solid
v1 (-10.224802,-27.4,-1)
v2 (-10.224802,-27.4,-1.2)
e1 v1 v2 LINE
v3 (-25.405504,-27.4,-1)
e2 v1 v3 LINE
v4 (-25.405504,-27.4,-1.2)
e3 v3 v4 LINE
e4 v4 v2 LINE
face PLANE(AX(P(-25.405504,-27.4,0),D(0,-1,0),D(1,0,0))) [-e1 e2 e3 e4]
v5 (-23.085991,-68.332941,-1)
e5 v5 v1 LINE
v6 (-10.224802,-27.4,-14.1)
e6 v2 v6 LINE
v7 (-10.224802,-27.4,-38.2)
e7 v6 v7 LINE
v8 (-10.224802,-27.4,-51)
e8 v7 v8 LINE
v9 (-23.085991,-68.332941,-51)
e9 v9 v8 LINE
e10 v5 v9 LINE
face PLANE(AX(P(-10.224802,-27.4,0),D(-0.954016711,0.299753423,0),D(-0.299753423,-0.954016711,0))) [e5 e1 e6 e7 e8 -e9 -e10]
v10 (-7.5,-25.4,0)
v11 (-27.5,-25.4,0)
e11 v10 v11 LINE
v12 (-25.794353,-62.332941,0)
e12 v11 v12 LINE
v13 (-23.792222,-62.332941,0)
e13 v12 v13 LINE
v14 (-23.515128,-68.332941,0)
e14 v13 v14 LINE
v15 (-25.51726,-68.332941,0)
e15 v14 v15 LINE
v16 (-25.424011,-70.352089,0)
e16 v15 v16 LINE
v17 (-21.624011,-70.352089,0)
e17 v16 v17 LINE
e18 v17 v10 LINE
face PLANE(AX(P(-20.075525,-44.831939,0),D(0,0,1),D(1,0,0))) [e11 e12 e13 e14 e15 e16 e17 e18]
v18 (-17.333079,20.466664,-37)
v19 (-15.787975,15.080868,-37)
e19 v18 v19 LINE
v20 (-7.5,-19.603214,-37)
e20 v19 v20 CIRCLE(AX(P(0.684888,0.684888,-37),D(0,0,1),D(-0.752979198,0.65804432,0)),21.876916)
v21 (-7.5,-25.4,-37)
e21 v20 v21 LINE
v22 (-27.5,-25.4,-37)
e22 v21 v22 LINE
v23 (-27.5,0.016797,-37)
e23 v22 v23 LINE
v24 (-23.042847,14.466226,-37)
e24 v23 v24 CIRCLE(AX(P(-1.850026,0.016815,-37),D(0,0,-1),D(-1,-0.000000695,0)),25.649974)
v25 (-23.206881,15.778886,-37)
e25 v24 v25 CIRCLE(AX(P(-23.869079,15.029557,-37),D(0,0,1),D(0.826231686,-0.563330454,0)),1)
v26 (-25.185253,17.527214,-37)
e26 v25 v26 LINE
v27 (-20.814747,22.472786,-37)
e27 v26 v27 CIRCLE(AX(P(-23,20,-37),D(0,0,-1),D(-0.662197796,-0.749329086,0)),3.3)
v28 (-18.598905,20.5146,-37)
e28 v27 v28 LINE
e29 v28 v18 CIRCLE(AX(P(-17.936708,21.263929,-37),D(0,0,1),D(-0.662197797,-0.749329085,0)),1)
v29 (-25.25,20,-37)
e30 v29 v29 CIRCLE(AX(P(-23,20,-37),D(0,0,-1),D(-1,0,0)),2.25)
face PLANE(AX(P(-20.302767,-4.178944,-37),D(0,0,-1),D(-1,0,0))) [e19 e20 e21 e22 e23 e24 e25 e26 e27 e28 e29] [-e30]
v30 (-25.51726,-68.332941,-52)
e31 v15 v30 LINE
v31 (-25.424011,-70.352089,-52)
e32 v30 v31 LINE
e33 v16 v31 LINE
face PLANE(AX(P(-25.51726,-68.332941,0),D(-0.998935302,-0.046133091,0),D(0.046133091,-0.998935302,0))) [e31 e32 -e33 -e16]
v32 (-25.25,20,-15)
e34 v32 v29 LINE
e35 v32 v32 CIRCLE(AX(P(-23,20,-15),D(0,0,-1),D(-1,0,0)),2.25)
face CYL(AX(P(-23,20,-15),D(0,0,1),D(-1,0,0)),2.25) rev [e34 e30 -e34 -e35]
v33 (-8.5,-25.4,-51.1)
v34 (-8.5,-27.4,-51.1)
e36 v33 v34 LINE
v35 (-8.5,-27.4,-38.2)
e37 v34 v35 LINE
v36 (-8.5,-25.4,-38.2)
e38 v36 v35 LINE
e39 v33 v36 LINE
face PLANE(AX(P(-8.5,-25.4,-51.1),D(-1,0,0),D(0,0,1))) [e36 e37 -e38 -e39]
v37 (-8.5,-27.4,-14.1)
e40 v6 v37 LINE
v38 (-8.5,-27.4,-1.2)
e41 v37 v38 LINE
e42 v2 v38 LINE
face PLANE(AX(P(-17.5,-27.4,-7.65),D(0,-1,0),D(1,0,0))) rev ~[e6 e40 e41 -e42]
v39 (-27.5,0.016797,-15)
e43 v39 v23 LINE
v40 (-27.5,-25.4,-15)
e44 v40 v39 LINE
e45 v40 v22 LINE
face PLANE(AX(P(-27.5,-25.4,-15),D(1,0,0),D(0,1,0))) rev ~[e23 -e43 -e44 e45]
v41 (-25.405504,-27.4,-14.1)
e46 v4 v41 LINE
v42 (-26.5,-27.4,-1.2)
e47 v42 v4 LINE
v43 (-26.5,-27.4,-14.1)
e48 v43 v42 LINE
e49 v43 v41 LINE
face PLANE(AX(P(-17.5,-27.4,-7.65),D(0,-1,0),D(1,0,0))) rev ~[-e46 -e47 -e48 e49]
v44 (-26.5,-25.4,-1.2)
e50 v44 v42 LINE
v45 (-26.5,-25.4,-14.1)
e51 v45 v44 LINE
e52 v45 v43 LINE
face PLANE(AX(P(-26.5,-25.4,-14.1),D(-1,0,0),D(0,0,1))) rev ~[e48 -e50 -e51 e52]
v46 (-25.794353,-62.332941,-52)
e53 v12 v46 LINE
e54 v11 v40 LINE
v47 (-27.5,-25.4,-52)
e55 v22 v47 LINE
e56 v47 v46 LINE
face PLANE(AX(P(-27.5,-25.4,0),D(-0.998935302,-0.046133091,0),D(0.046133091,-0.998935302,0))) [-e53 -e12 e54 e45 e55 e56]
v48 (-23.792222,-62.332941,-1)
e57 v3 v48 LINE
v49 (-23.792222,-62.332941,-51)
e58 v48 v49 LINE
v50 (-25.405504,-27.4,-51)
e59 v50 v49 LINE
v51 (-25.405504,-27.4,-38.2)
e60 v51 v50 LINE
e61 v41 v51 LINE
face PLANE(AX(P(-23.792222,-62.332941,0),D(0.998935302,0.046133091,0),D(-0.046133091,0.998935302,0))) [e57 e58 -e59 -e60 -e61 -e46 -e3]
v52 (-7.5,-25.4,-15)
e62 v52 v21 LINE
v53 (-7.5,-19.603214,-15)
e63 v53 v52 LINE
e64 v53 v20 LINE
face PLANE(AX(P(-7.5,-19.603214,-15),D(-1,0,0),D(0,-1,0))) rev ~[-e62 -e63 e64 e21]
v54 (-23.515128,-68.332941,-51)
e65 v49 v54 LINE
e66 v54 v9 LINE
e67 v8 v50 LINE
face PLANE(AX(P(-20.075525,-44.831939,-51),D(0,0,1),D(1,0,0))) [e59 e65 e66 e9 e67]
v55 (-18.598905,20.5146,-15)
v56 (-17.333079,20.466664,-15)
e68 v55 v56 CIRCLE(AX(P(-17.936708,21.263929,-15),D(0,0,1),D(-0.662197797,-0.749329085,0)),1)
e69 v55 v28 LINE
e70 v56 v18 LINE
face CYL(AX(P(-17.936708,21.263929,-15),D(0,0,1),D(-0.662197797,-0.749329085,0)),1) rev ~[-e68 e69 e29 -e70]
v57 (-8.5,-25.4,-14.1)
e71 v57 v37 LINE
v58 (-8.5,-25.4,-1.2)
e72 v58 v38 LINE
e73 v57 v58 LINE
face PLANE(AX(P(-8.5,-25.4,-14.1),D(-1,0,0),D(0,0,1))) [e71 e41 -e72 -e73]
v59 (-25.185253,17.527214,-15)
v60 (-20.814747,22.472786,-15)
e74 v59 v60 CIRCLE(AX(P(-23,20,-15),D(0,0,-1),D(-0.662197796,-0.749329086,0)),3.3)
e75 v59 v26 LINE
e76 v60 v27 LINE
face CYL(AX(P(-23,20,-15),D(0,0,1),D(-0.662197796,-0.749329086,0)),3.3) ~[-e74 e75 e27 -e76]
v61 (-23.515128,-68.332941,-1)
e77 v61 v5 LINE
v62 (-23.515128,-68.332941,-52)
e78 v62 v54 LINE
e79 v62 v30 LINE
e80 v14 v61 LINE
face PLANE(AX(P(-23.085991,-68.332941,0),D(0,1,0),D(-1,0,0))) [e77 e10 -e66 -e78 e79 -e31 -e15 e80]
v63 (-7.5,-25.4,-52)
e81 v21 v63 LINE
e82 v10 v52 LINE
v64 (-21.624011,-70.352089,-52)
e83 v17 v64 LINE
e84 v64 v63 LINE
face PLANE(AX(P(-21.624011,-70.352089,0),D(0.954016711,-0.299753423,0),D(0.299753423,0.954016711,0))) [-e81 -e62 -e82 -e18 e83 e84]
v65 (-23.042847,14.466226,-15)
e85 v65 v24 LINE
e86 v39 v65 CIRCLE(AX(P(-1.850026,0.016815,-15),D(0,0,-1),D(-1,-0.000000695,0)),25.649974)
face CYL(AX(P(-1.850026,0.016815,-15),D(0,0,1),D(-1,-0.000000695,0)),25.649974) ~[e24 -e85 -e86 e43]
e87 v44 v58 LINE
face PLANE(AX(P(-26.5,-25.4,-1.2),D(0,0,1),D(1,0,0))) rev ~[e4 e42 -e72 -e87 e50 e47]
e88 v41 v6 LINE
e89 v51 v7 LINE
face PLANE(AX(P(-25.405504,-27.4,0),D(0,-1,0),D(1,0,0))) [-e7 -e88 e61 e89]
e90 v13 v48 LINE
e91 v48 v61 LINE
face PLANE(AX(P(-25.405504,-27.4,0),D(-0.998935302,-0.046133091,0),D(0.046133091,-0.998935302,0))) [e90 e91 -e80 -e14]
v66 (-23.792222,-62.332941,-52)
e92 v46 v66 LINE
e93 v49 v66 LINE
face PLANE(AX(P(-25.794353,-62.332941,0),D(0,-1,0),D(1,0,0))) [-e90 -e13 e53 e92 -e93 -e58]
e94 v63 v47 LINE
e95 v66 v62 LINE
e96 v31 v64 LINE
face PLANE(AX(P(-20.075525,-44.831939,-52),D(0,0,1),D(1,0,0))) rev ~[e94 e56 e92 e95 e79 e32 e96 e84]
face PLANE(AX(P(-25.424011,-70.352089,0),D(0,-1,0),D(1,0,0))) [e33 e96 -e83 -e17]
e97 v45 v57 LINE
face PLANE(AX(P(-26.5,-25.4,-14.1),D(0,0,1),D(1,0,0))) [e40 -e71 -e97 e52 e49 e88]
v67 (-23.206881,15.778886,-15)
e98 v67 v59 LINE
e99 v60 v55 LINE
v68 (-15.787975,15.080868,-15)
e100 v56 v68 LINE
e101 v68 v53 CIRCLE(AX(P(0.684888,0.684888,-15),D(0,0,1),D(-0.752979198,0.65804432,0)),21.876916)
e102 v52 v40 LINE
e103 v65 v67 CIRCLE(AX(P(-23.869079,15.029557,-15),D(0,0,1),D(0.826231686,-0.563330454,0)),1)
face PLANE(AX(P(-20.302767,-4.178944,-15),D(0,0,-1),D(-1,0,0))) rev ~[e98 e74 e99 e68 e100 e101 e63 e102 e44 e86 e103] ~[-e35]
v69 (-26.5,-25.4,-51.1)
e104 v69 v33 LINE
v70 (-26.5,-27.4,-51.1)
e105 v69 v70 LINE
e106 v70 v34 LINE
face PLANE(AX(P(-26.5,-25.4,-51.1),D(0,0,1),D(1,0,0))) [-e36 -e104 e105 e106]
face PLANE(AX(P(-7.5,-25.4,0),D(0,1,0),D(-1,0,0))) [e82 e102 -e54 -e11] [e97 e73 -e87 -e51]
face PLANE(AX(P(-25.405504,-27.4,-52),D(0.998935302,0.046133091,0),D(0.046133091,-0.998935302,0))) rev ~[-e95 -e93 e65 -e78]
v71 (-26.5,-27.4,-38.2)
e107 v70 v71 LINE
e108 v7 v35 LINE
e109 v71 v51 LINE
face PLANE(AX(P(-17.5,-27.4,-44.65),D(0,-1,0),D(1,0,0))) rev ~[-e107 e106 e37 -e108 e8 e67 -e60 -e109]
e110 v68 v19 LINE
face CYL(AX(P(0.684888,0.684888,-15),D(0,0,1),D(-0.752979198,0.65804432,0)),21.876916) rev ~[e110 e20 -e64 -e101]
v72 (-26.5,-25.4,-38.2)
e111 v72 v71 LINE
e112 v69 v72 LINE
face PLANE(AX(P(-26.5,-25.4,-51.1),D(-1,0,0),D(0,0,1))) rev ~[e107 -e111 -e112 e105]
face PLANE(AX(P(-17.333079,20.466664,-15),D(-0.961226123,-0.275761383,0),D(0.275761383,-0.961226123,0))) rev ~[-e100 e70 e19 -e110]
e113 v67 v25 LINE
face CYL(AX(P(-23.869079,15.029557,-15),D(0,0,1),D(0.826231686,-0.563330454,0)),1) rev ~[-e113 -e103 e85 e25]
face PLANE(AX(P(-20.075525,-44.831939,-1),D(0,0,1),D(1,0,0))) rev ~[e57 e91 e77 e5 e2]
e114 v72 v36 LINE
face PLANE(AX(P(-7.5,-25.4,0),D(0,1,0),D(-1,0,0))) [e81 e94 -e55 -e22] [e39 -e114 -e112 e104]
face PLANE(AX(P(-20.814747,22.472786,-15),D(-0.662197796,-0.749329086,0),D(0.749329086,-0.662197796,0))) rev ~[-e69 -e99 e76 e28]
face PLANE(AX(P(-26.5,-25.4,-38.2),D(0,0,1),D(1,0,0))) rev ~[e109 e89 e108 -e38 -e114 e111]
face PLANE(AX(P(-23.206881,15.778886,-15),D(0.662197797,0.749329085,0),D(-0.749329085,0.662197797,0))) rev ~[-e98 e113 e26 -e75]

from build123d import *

# Parameters (mm, degrees)
BOSS_EXTRUDE1_DEPTH = 52
BOSS_EXTRUDE2_DEPTH = 1
BOSS_EXTRUDE3_START = -52
BOSS_EXTRUDE3_DEPTH = 1
SKETCH4_W           = 18.000000053
SKETCH4_H           = 12.9
SKETCH4_W_2         = 18
CUT_EXTRUDE1_DEPTH  = 2
SKETCH5_R           = 3.3
SKETCH5_R_2         = 2.25
BOSS_EXTRUDE4_DEPTH = 22


with BuildPart() as part:
    # Sketch2 → Boss-Extrude1 (new body)
    with BuildSketch(Plane.XY):
        Polygon((-21.624010924, -70.352088598), (-7.5, -25.4), (-27.5, -25.4), (-25.794353309, -62.332940574), (-23.792221644, -62.332940574), (-25.405503813, -27.4), (-10.224802214, -27.4), (-23.085991045, -68.332940574), (-23.515128079, -68.332940574), (-25.517259745, -68.332940574), (-25.424010924, -70.352088598), align=None)
    extrude(amount=-BOSS_EXTRUDE1_DEPTH)

    # Sketch2<3> → Boss-Extrude2 (add)
    with BuildSketch(Plane.XY):
        Polygon((-23.515128079, -68.332940574), (-23.085991045, -68.332940574), (-10.224802214, -27.4), (-25.405503813, -27.4), align=None)
    extrude(amount=-BOSS_EXTRUDE2_DEPTH)

    # Sketch2<4> → Boss-Extrude3 (add)
    with BuildSketch(Plane.XY.offset(BOSS_EXTRUDE3_START)):
        Polygon((-23.515128079, -68.332940574), (-23.085991045, -68.332940574), (-10.224802214, -27.4), (-25.405503813, -27.4), align=None)
    extrude(amount=BOSS_EXTRUDE3_DEPTH)

    # Sketch4 → Cut-Extrude1 (cut)
    with BuildSketch(Plane.XZ.offset(25.4)):
        with Locations((-17.500000027, -7.65)):
            Rectangle(SKETCH4_W, SKETCH4_H)
        with Locations((-17.5, -44.65)):
            Rectangle(SKETCH4_W_2, SKETCH4_H)
    extrude(amount=CUT_EXTRUDE1_DEPTH, mode=Mode.SUBTRACT)

    # Sketch5 → Boss-Extrude4 (add)
    with BuildSketch(Plane(origin=(0, 0, -15), x_dir=(-1, 0, 0), z_dir=(0, 0, -1))):
        with BuildLine():
            Line((7.5, -22.955849111), (7.5, -25.4))
            Line((7.5, -25.4), (27.5, -25.4))
            Line((27.5, -25.4), (27.5, 0.016796875))
            ThreePointArc((27.5, 0.016796875), (26.360398691, 7.577422908), (23.04284729, 14.466226133))
            ThreePointArc((23.04284729, 14.466226133), (22.876796583, 15.153555184), (23.20688118, 15.778885673))
            Line((23.20688118, 15.778885673), (25.185252728, 17.527214018))
            ThreePointArc((25.185252728, 17.527214018), (20.527214018, 17.814747272), (20.814747272, 22.472785982))
            Line((20.814747272, 22.472785982), (18.598905377, 20.514600122))
            ThreePointArc((18.598905377, 20.514600122), (17.974550182, 20.264645495), (17.333078903, 20.466663618))
            Line((17.333078903, 20.466663618), (15.787974775, 15.080867994))
            ThreePointArc((15.787974775, 15.080867994), (20.592977306, -4.399589042), (7.5, -19.60321364))
            Line((7.5, -19.60321364), (7.5, -22.955849111))
        make_face()
        with Locations((23, 20)):
            Circle(SKETCH5_R)
        with Locations((23, 20)):
            Circle(SKETCH5_R_2, mode=Mode.SUBTRACT)
    extrude(amount=BOSS_EXTRUDE4_DEPTH)


solid = part.part
